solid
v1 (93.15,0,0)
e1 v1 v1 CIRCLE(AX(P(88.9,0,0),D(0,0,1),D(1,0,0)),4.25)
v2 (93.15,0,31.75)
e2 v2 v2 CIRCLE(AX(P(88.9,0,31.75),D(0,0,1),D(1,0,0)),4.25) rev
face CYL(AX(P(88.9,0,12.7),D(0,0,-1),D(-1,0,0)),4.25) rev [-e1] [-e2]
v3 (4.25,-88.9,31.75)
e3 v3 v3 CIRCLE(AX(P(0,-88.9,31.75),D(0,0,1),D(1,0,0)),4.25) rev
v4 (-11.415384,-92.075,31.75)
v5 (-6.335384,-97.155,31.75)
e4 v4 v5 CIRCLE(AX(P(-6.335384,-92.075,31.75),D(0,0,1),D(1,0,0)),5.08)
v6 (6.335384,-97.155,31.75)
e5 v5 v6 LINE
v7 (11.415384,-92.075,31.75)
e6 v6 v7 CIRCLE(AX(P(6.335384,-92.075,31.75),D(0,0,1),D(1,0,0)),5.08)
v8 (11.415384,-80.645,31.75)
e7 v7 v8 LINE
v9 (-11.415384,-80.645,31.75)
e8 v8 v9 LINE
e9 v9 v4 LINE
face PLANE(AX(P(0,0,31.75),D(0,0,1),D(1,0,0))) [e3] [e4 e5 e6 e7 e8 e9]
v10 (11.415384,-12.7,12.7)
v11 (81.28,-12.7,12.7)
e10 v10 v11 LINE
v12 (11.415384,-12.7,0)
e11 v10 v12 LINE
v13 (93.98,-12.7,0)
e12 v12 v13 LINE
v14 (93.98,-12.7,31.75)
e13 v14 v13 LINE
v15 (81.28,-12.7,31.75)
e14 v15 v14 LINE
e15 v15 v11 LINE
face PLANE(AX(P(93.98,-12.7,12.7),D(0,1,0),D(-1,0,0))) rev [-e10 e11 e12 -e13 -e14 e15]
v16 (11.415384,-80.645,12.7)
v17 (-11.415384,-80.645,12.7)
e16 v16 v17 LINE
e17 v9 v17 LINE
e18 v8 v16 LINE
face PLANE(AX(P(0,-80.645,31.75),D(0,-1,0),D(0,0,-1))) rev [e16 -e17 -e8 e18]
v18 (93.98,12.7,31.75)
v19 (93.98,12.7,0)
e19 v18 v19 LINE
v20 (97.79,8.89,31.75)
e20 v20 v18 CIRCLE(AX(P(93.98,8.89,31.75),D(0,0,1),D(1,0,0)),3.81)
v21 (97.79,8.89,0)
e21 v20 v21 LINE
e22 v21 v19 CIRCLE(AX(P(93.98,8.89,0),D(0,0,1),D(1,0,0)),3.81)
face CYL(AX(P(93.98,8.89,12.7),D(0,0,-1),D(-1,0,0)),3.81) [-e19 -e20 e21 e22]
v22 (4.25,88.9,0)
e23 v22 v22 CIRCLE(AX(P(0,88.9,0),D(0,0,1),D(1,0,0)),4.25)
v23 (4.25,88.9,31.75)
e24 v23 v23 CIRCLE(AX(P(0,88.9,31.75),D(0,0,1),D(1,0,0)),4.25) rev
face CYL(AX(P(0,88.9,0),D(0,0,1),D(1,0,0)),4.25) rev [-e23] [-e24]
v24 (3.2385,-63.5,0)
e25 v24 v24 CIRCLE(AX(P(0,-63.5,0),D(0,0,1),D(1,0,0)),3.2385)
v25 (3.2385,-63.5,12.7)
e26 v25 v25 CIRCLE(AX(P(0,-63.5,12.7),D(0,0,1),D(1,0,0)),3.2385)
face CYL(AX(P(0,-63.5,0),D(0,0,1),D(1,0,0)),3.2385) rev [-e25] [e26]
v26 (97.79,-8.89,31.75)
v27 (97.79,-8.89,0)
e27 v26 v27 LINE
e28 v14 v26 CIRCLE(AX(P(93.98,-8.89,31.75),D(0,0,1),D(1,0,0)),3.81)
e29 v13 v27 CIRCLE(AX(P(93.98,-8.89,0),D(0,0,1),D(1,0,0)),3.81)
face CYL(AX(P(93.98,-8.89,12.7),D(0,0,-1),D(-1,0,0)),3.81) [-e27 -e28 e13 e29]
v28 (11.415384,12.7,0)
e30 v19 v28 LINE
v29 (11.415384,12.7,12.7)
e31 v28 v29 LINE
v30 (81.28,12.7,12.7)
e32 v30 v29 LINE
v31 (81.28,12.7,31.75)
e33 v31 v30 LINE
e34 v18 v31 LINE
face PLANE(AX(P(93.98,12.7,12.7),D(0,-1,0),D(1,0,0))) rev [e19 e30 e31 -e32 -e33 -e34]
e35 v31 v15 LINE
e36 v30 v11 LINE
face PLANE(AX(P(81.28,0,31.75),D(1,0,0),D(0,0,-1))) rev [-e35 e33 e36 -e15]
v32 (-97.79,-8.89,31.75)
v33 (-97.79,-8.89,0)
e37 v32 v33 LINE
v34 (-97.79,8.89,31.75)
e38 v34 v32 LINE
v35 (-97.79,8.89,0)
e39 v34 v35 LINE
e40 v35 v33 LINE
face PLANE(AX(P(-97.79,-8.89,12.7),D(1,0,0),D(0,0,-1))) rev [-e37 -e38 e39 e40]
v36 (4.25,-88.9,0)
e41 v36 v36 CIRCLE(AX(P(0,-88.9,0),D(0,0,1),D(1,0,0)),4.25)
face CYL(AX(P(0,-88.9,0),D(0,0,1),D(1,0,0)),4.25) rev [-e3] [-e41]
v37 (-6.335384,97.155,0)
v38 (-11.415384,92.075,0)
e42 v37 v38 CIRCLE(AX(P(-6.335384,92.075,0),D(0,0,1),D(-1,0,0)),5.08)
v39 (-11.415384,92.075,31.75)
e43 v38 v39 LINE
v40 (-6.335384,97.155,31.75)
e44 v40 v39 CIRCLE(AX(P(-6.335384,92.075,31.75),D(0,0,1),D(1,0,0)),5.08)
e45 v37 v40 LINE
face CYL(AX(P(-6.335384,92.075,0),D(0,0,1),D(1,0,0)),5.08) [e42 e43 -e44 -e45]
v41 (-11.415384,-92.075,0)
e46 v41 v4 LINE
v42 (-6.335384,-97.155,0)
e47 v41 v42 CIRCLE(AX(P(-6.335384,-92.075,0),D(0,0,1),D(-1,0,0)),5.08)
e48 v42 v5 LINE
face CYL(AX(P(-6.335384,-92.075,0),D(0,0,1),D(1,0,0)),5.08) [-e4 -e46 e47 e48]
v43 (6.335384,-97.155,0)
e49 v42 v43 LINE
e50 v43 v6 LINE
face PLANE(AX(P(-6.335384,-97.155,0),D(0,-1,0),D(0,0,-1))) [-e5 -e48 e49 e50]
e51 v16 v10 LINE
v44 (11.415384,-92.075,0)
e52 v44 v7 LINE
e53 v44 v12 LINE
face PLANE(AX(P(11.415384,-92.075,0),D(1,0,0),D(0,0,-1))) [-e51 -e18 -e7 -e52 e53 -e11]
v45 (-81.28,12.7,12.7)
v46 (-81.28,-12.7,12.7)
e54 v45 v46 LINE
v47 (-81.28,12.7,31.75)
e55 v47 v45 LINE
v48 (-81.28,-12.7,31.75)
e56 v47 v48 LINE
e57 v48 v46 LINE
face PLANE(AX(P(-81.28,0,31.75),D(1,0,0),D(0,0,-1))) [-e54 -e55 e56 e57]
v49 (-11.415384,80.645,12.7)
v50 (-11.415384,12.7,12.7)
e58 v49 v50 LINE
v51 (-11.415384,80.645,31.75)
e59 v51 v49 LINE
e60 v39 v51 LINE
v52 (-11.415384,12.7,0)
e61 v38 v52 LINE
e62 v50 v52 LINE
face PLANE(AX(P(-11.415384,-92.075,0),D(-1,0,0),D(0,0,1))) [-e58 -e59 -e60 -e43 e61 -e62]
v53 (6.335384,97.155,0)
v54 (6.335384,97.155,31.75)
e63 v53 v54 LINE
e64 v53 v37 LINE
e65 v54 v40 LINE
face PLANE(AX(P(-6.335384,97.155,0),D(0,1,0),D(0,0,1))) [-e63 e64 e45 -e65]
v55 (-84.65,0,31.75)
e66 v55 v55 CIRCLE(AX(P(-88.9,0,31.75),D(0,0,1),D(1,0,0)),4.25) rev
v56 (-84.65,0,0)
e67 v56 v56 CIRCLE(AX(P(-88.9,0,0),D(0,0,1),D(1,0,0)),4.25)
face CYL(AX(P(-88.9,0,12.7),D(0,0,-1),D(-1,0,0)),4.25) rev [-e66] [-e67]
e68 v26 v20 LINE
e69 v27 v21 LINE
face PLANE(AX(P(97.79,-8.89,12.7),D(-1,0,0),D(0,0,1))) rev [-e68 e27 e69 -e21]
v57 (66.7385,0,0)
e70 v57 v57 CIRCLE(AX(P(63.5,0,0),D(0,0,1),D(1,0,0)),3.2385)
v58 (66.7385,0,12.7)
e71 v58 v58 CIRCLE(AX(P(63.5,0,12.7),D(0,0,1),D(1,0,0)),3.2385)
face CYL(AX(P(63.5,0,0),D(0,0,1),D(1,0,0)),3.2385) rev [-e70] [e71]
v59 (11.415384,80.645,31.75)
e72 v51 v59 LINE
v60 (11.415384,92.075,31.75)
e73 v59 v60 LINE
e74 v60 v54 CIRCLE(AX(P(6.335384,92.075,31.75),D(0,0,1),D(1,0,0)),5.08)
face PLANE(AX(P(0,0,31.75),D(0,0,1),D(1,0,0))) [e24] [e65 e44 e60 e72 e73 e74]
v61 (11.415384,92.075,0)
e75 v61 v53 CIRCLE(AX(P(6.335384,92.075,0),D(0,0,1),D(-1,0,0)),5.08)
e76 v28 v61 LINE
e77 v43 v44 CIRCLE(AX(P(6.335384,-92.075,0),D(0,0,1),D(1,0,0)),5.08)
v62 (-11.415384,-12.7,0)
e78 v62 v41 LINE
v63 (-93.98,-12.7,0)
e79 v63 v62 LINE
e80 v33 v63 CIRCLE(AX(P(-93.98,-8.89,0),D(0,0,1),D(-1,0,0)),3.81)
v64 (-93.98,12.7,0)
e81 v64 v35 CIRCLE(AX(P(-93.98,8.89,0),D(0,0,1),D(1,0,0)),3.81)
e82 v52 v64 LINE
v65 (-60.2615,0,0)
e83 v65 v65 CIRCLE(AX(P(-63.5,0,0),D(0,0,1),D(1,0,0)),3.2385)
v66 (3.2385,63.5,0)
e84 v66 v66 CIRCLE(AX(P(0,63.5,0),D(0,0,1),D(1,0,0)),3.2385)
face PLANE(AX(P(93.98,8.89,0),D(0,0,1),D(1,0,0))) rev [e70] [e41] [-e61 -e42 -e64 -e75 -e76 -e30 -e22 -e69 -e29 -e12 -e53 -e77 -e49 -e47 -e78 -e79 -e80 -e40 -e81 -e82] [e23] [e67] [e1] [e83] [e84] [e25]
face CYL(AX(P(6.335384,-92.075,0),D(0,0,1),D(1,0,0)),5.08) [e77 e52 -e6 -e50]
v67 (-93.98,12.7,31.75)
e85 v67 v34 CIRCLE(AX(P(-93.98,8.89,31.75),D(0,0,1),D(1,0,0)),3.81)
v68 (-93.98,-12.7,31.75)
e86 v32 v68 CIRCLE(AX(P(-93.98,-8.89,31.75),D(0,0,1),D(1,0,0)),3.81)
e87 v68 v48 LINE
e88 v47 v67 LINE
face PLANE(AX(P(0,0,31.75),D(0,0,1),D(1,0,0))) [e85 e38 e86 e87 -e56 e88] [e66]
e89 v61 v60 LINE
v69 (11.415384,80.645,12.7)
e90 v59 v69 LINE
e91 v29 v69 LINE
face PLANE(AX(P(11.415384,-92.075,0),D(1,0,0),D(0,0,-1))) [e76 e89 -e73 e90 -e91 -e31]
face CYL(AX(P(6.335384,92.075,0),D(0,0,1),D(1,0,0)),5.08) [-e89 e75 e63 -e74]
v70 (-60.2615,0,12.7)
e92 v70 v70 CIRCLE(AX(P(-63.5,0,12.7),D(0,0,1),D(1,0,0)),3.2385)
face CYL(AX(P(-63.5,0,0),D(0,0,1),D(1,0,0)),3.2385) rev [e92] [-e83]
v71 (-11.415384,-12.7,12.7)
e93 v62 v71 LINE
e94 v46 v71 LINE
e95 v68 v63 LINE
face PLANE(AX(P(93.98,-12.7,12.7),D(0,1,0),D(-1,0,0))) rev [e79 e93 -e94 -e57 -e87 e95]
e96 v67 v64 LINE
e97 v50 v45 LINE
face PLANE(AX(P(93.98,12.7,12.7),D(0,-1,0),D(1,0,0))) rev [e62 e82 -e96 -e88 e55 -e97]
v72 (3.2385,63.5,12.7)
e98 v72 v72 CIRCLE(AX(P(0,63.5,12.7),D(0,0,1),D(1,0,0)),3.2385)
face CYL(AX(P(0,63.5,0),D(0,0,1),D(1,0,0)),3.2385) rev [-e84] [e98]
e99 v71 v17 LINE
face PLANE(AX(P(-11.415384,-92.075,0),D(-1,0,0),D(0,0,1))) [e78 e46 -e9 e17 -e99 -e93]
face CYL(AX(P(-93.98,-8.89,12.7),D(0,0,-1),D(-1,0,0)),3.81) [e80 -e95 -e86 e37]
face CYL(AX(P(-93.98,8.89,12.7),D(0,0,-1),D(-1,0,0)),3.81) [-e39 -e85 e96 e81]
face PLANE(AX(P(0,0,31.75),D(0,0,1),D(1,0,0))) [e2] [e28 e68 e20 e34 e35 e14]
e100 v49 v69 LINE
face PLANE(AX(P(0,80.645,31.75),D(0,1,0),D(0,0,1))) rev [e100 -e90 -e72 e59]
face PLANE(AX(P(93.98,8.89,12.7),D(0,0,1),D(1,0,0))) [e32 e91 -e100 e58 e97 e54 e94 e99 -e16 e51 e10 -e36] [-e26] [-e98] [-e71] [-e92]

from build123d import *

# Parameters (mm, degrees)
SKETCH1_R           = 4.25
BOSS_EXTRUDE1_DEPTH = 12.7
SKETCH3_R           = 4.25
BOSS_EXTRUDE3_DEPTH = 12.7
SKETCH4_R           = 4.25
BOSS_EXTRUDE4_DEPTH = 19.05
SKETCH5_R           = 3.2385
CUT_EXTRUDE1_DEPTH  = 140.157754455


with BuildPart() as part:
    # Sketch1 → Boss-Extrude1 (new body)
    with BuildSketch(Plane.XY):
        with BuildLine():
            Line((93.98, -12.7), (-93.98, -12.7))
            ThreePointArc((-93.98, -12.7), (-96.674076836, -11.584076836), (-97.79, -8.89))
            Line((-97.79, -8.89), (-97.79, 8.89))
            ThreePointArc((-97.79, 8.89), (-96.674076836, 11.584076836), (-93.98, 12.7))
            Line((-93.98, 12.7), (93.98, 12.7))
            ThreePointArc((93.98, 12.7), (96.674076836, 11.584076836), (97.79, 8.89))
            Line((97.79, 8.89), (97.79, -8.89))
            ThreePointArc((97.79, -8.89), (96.674076836, -11.584076836), (93.98, -12.7))
        make_face()
        with Locations((-88.9, 0)):
            Circle(SKETCH1_R, mode=Mode.SUBTRACT)
        with Locations((88.9, 0)):
            Circle(SKETCH1_R, mode=Mode.SUBTRACT)
    extrude(amount=BOSS_EXTRUDE1_DEPTH)

    # Sketch3 → Boss-Extrude3 (add, through all)
    with BuildSketch(Plane.XY.offset(12.7)):
        with BuildLine():
            Line((-6.335384206, -97.155), (6.335384206, -97.155))
            ThreePointArc((6.335384206, -97.155), (9.927486654, -95.667102448), (11.415384206, -92.075))
            Line((11.415384206, -92.075), (11.415384206, 92.075))
            ThreePointArc((11.415384206, 92.075), (9.927486654, 95.667102448), (6.335384206, 97.155))
            Line((6.335384206, 97.155), (-6.335384206, 97.155))
            ThreePointArc((-6.335384206, 97.155), (-9.927486654, 95.667102448), (-11.415384206, 92.075))
            Line((-11.415384206, 92.075), (-11.415384206, -92.075))
            ThreePointArc((-11.415384206, -92.075), (-9.927486654, -95.667102448), (-6.335384206, -97.155))
        make_face()
        with Locations((0, 88.9)):
            Circle(SKETCH3_R, mode=Mode.SUBTRACT)
        with Locations((0, -88.9)):
            Circle(SKETCH3_R, mode=Mode.SUBTRACT)
    extrude(amount=-BOSS_EXTRUDE3_DEPTH)

    # Sketch4 → Boss-Extrude4 (add)
    # profile 1 of 4: a face of its own
    with BuildSketch(Plane.XY.offset(12.7)):
        with BuildLine():
            Line((-81.28, 12.7), (-93.98, 12.7))
            ThreePointArc((-93.98, 12.7), (-96.674076836, 11.584076836), (-97.79, 8.89))
            Line((-97.79, 8.89), (-97.79, -8.89))
            ThreePointArc((-97.79, -8.89), (-96.674076836, -11.584076836), (-93.98, -12.7))
            Line((-93.98, -12.7), (-81.28, -12.7))
            Line((-81.28, -12.7), (-81.28, 12.7))
        make_face()
        with Locations((-88.9, 0)):
            Circle(SKETCH4_R, mode=Mode.SUBTRACT)
    # profile 2 of 4: a face of its own
    with BuildSketch(Plane.XY.offset(12.7)):
        with BuildLine():
            Line((-11.415384206, 92.075), (-11.415384206, 80.645))
            Line((-11.415384206, 80.645), (11.415384206, 80.645))
            Line((11.415384206, 80.645), (11.415384206, 92.075))
            ThreePointArc((11.415384206, 92.075), (9.927486654, 95.667102448), (6.335384206, 97.155))
            Line((6.335384206, 97.155), (-6.335384206, 97.155))
            ThreePointArc((-6.335384206, 97.155), (-9.927486654, 95.667102448), (-11.415384206, 92.075))
        make_face()
        with Locations((0, 88.9)):
            Circle(SKETCH4_R, mode=Mode.SUBTRACT)
    # profile 3 of 4: a face of its own
    with BuildSketch(Plane.XY.offset(12.7)):
        with BuildLine():
            Line((93.98, 12.7), (81.28, 12.7))
            Line((81.28, 12.7), (81.28, -12.7))
            Line((81.28, -12.7), (93.98, -12.7))
            ThreePointArc((93.98, -12.7), (96.674076836, -11.584076836), (97.79, -8.89))
            Line((97.79, -8.89), (97.79, 8.89))
            ThreePointArc((97.79, 8.89), (96.674076836, 11.584076836), (93.98, 12.7))
        make_face()
        with Locations((88.9, 0)):
            Circle(SKETCH4_R, mode=Mode.SUBTRACT)
    # profile 4 of 4: a face of its own
    with BuildSketch(Plane.XY.offset(12.7)):
        with BuildLine():
            Line((11.415384206, -80.645), (-11.415384206, -80.645))
            Line((-11.415384206, -80.645), (-11.415384206, -92.075))
            ThreePointArc((-11.415384206, -92.075), (-9.927486654, -95.667102448), (-6.335384206, -97.155))
            Line((-6.335384206, -97.155), (6.335384206, -97.155))
            ThreePointArc((6.335384206, -97.155), (9.927486654, -95.667102448), (11.415384206, -92.075))
            Line((11.415384206, -92.075), (11.415384206, -80.645))
        make_face()
        with Locations((0, -88.9)):
            Circle(SKETCH4_R, mode=Mode.SUBTRACT)
    extrude(amount=BOSS_EXTRUDE4_DEPTH)

    # Sketch5 → Cut-Extrude1 (cut, through all)
    with BuildSketch(Plane.XY.offset(12.7)):
        with Locations((0, 63.5)):
            Circle(SKETCH5_R)
        with Locations((63.5, 0)):
            Circle(SKETCH5_R)
        with Locations((0, -63.5)):
            Circle(SKETCH5_R)
        with Locations((-63.5, 0)):
            Circle(SKETCH5_R)
    extrude(amount=-CUT_EXTRUDE1_DEPTH, mode=Mode.SUBTRACT)


solid = part.part
